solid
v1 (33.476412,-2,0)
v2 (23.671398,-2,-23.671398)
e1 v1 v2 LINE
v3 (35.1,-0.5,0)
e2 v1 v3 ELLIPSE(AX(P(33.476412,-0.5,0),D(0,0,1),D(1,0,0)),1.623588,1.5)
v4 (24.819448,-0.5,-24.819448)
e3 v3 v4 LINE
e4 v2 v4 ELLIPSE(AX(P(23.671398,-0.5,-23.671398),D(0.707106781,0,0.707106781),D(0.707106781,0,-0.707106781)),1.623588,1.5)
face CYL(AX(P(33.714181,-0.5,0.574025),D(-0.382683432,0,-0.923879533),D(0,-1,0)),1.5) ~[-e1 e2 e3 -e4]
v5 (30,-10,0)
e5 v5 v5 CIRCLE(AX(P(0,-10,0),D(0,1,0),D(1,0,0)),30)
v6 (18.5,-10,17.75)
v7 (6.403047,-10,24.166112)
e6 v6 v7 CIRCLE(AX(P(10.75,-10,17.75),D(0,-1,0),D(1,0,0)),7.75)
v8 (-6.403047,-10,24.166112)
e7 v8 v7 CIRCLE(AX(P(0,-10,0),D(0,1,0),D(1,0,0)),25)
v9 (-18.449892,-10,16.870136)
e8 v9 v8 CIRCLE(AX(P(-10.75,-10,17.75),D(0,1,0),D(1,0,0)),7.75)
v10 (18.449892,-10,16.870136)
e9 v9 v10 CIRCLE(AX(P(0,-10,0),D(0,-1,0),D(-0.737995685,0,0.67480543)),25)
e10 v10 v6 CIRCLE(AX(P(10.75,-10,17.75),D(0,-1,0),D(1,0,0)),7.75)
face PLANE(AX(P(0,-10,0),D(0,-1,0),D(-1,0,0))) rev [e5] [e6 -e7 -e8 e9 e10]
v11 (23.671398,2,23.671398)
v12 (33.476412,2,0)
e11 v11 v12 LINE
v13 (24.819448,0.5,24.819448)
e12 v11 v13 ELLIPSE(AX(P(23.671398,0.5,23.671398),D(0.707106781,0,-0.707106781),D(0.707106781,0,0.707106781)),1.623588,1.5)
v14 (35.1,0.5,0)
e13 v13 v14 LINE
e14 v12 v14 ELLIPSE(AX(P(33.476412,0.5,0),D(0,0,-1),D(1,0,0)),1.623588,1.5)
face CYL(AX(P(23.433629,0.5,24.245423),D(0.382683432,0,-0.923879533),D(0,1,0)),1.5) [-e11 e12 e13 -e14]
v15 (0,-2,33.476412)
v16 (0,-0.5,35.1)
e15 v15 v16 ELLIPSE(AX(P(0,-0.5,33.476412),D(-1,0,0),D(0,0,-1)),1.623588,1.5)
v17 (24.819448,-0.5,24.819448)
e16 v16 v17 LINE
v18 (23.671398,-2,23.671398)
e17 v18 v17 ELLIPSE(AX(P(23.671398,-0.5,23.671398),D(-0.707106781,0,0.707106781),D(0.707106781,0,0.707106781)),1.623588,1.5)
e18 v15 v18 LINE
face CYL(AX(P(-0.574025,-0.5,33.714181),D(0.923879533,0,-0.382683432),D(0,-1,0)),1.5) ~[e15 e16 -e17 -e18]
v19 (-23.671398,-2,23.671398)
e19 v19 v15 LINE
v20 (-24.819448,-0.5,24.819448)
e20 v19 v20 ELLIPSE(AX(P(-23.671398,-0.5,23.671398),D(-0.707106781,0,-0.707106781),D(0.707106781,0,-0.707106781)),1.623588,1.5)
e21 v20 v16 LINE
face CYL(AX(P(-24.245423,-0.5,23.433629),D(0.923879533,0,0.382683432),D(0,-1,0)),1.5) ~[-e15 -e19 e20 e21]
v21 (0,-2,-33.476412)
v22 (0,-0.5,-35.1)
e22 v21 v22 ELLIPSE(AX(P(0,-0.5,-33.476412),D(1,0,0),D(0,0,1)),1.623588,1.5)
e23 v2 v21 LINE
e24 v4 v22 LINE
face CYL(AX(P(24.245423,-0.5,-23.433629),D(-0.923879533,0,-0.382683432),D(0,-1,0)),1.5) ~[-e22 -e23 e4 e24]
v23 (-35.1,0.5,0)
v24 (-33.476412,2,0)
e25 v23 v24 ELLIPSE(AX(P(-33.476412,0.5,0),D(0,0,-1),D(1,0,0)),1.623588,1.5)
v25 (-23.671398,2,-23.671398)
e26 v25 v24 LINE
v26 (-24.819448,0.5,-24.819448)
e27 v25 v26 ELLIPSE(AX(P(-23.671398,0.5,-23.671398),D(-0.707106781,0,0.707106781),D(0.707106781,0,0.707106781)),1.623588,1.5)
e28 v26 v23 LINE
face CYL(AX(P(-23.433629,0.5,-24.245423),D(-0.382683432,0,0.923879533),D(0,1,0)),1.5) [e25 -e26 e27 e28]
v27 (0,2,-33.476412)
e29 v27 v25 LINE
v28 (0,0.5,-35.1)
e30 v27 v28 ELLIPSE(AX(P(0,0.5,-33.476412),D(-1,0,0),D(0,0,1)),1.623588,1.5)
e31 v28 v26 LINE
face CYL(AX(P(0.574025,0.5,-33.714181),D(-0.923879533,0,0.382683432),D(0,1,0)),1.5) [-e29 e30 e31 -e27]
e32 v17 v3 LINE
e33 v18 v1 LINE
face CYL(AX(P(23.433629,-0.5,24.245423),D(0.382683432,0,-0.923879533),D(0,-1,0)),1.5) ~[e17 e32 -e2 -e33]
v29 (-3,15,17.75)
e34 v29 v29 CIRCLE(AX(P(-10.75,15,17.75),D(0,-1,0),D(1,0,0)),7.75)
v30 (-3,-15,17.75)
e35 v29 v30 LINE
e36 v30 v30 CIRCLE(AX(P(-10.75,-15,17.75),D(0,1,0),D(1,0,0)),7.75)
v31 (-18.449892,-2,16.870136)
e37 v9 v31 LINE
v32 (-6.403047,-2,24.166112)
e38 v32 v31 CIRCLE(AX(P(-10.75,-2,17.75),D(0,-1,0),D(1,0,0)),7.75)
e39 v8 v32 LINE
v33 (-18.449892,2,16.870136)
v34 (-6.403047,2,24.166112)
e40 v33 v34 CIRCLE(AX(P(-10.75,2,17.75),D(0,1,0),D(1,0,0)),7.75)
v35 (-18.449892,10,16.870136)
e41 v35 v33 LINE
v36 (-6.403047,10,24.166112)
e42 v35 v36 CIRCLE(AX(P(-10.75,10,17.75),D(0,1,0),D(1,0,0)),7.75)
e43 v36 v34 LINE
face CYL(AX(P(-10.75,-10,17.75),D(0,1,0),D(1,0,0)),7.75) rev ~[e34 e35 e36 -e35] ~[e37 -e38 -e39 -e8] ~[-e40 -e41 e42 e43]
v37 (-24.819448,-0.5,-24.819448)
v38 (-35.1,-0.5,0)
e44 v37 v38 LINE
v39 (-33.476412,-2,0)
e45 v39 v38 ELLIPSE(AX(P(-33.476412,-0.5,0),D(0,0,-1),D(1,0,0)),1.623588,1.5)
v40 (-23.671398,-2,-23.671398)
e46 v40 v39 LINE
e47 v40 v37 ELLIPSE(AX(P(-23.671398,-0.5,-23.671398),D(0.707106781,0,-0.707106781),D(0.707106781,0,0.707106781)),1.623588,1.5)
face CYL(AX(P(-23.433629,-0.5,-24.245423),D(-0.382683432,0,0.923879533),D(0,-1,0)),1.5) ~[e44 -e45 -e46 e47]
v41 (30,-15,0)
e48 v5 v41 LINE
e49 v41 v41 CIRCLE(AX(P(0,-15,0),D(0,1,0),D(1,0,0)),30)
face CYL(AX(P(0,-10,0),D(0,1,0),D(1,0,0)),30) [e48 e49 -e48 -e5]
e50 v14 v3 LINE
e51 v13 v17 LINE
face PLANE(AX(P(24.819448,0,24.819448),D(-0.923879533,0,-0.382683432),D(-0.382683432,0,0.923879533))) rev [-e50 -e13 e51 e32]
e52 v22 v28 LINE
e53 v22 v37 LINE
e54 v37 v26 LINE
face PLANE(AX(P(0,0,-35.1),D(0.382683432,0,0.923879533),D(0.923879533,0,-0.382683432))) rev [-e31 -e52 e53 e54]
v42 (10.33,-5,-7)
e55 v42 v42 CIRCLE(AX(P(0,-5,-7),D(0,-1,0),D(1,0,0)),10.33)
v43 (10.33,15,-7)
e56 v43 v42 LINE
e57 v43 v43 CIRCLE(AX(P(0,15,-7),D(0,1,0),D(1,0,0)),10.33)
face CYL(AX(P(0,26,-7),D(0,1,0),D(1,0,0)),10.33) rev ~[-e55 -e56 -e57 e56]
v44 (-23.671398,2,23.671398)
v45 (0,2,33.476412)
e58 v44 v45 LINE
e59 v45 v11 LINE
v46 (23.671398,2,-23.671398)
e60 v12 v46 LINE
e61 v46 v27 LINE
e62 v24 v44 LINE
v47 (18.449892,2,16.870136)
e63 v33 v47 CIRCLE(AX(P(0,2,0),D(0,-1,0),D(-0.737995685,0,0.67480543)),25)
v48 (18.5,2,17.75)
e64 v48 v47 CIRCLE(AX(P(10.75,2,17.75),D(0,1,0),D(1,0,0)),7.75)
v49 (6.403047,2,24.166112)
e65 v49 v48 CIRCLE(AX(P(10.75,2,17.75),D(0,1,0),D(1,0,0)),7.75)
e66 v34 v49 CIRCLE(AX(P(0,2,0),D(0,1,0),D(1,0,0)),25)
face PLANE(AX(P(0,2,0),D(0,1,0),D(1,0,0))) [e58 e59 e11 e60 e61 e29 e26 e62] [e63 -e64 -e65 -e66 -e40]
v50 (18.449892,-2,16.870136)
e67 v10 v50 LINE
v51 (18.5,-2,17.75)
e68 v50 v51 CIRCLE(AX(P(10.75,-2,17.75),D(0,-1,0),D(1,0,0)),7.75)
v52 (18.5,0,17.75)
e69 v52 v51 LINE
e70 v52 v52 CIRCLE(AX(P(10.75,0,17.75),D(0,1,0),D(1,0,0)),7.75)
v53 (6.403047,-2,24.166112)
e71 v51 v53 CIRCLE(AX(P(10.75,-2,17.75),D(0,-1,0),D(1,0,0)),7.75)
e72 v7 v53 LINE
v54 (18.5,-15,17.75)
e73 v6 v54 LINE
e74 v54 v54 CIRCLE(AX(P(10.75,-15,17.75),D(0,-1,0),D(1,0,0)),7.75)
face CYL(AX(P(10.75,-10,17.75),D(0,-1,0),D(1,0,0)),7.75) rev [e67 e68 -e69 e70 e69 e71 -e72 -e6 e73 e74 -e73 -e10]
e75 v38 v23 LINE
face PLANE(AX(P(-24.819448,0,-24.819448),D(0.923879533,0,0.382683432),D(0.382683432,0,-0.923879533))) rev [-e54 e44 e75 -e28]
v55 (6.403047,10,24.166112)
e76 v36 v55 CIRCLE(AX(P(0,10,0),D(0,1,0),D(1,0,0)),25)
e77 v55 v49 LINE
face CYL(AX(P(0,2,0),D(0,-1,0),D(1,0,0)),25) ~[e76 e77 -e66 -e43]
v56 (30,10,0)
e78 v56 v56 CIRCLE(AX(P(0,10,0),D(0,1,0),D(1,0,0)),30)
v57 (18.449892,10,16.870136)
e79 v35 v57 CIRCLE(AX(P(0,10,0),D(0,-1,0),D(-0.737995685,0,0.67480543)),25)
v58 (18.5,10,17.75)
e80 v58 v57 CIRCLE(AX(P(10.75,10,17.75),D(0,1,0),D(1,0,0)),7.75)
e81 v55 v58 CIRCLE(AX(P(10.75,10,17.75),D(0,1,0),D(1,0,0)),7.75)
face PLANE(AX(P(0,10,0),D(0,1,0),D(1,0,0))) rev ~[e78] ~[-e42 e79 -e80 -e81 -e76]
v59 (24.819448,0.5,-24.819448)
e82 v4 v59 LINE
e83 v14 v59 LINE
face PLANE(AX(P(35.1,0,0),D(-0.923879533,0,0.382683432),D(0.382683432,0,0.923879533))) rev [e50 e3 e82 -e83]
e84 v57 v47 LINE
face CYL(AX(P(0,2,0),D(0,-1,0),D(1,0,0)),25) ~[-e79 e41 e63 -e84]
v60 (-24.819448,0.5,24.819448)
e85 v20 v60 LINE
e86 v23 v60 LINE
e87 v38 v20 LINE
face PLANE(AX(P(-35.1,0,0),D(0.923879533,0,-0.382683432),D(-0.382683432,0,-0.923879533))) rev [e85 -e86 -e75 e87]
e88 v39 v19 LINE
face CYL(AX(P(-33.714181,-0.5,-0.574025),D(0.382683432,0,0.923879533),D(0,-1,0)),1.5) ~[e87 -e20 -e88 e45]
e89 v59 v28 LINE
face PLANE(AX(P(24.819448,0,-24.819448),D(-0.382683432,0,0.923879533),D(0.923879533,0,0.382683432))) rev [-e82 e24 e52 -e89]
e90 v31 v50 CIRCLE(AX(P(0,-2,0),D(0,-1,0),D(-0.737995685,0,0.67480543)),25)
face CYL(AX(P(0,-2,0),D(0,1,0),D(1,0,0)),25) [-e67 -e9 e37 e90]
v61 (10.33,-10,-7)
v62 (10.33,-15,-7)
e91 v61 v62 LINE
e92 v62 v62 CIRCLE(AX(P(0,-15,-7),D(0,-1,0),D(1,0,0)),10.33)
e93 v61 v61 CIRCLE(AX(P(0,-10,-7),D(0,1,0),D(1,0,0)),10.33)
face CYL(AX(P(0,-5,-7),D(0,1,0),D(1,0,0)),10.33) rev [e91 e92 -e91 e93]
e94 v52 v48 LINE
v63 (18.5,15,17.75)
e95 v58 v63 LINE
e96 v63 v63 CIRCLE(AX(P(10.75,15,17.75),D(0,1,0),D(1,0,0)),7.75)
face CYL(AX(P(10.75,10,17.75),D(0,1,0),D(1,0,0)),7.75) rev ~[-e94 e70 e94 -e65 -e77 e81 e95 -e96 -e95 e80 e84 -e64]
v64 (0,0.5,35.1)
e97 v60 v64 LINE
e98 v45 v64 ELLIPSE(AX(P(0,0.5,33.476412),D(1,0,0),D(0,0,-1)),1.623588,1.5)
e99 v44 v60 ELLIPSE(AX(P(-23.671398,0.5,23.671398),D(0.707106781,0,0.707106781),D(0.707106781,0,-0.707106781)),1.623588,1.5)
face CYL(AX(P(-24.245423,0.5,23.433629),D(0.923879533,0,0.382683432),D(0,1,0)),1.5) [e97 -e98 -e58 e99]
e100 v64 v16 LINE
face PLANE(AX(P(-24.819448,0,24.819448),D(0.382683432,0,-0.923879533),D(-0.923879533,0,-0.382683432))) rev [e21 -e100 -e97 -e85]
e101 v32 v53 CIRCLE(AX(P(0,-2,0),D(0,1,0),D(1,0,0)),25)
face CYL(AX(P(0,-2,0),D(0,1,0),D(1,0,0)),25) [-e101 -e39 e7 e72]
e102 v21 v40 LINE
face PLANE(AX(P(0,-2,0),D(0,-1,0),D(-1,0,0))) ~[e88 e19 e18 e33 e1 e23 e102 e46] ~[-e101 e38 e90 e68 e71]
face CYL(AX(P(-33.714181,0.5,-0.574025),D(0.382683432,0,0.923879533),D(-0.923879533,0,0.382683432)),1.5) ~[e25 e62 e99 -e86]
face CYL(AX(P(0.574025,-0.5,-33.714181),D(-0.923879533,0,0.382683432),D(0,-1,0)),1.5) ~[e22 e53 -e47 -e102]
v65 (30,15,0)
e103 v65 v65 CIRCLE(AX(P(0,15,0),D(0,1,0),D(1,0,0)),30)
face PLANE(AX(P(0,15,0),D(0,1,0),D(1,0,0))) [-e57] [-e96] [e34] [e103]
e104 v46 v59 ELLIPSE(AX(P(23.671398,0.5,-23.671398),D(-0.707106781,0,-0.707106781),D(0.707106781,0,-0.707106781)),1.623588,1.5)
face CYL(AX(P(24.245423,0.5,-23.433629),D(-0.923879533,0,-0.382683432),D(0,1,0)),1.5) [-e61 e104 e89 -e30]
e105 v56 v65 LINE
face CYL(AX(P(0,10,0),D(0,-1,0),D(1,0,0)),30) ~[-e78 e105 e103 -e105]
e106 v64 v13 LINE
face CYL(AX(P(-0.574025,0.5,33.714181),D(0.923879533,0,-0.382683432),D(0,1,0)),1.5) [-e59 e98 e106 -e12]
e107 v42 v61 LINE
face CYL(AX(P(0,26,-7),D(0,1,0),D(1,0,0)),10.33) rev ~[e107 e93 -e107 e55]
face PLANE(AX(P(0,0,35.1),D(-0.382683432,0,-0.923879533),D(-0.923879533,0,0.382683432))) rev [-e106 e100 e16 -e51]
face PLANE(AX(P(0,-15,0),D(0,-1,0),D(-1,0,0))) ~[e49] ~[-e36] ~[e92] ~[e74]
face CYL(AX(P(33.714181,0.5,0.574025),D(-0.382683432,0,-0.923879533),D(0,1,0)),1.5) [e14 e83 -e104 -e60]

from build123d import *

# Parameters (mm, degrees)
BOSS_EXTRUDE1_DEPTH  = 2
SKETCH12_R           = 25
BOSS_EXTRUDE2_DEPTH  = 8
CUT_EXTRUDE6_START   = -36
SKETCH17_R           = 10.33
CUT_EXTRUDE6_DEPTH   = 45.856111051
SKETCH25_R           = 30
BOSS_EXTRUDE3_DEPTH  = 5
CUT_EXTRUDE9_START   = -53
SKETCH26_R           = 10.33
CUT_EXTRUDE9_DEPTH   = 53
FILLET3_R            = 1.5
SKETCH23_R           = 7.75
CUT_EXTRUDE11_DEPTH  = 36
FILLET3_OF_MIRROR1_R = 1.5
CUT_EXTRUDE12_START  = -10
SKETCH28_R           = 10.33
CUT_EXTRUDE12_DEPTH  = 10


with BuildPart() as part:
    # Sketch3 → Boss-Extrude1 (new body)
    with BuildSketch(Plane(origin=(0, 0, 0), x_dir=(1, 0, 0), z_dir=(0, 1, 0))):
        Polygon((35.1, 0), (24.81944802, 24.81944802), (0, 35.1), (-24.81944802, 24.81944802), (-35.1, 0), (-24.81944802, -24.81944802), (0, -35.1), (24.81944802, -24.81944802), align=None)
    boss_extrude1 = extrude(amount=BOSS_EXTRUDE1_DEPTH)

    # Sketch12 → Boss-Extrude2 (add)
    with BuildSketch(Plane(origin=(0, 2, 0), x_dir=(1, 0, 0), z_dir=(0, 1, 0))):
        Circle(SKETCH12_R)
    boss_extrude2 = extrude(amount=BOSS_EXTRUDE2_DEPTH)

    # Sketch17 → Cut-Extrude6 (cut)
    with BuildSketch(Plane(origin=(0, 10, 0), x_dir=(1, 0, 0), z_dir=(0, 1, 0)).offset(CUT_EXTRUDE6_START)):
        with Locations((0, 7)):
            Circle(SKETCH17_R)
    cut_extrude6 = extrude(amount=CUT_EXTRUDE6_DEPTH, mode=Mode.SUBTRACT)

    # Sketch25 → Boss-Extrude3 (add)
    with BuildSketch(Plane(origin=(0, 10, 0), x_dir=(1, 0, 0), z_dir=(0, 1, 0))):
        Circle(SKETCH25_R)
    boss_extrude3 = extrude(amount=BOSS_EXTRUDE3_DEPTH)

    # Sketch26 → Cut-Extrude9 (cut)
    with BuildSketch(Plane(origin=(0, 15, 0), x_dir=(1, 0, 0), z_dir=(0, 1, 0)).offset(CUT_EXTRUDE9_START)):
        with Locations((0, 7)):
            Circle(SKETCH26_R)
    extrude(amount=CUT_EXTRUDE9_DEPTH, mode=Mode.SUBTRACT)

    # Fillet3
    fillet3_edges = [part.edges().sort_by_distance(p)[0] for p in [
        (12.40972401, 2, 29.95972401),
        (29.95972401, 2, 12.40972401),
        (-12.40972401, 2, 29.95972401),
        (-29.95972401, 2, 12.40972401),
        (-29.95972401, 2, -12.40972401),
        (29.95972401, 2, -12.40972401),
        (-12.40972401, 2, -29.95972401),
        (12.40972401, 2, -29.95972401),
    ]]
    fillet(fillet3_edges, radius=FILLET3_R)

    # Sketch23 → Cut-Extrude11 (cut, symmetric)
    with BuildSketch(Plane(origin=(0, 10, 0), x_dir=(1, 0, 0), z_dir=(0, 1, 0))):
        with Locations((-10.75, -17.75)):
            Circle(SKETCH23_R)
        with Locations((10.75, -17.75)):
            Circle(SKETCH23_R)
    cut_extrude11 = extrude(amount=CUT_EXTRUDE11_DEPTH, both=True, mode=Mode.SUBTRACT)

    # Mirror1: Boss-Extrude1, Boss-Extrude2, Cut-Extrude6, Boss-Extrude3, Cut-Extrude11 across plane
    add(boss_extrude1.mirror(Plane.ZX))
    add(boss_extrude2.mirror(Plane.ZX))
    add(cut_extrude6.mirror(Plane.ZX), mode=Mode.SUBTRACT)
    add(boss_extrude3.mirror(Plane.ZX))
    add(cut_extrude11.mirror(Plane.ZX), mode=Mode.SUBTRACT)

    # Fillet3 of Mirror1
    fillet3_of_mirror1_edges = [part.edges().sort_by_distance(p)[0] for p in [
        (12.40972401, -2, 29.95972401),
        (29.95972401, -2, 12.40972401),
        (-12.40972401, -2, 29.95972401),
        (-29.95972401, -2, 12.40972401),
        (-29.95972401, -2, -12.40972401),
        (29.95972401, -2, -12.40972401),
        (-12.40972401, -2, -29.95972401),
        (12.40972401, -2, -29.95972401),
    ]]
    fillet(fillet3_of_mirror1_edges, radius=FILLET3_OF_MIRROR1_R)

    # Sketch28 → Cut-Extrude12 (cut)
    with BuildSketch(Plane.XZ.offset(15).offset(CUT_EXTRUDE12_START)):
        with Locations((0, -7)):
            Circle(SKETCH28_R)
    extrude(amount=CUT_EXTRUDE12_DEPTH, mode=Mode.SUBTRACT)


solid = part.part
